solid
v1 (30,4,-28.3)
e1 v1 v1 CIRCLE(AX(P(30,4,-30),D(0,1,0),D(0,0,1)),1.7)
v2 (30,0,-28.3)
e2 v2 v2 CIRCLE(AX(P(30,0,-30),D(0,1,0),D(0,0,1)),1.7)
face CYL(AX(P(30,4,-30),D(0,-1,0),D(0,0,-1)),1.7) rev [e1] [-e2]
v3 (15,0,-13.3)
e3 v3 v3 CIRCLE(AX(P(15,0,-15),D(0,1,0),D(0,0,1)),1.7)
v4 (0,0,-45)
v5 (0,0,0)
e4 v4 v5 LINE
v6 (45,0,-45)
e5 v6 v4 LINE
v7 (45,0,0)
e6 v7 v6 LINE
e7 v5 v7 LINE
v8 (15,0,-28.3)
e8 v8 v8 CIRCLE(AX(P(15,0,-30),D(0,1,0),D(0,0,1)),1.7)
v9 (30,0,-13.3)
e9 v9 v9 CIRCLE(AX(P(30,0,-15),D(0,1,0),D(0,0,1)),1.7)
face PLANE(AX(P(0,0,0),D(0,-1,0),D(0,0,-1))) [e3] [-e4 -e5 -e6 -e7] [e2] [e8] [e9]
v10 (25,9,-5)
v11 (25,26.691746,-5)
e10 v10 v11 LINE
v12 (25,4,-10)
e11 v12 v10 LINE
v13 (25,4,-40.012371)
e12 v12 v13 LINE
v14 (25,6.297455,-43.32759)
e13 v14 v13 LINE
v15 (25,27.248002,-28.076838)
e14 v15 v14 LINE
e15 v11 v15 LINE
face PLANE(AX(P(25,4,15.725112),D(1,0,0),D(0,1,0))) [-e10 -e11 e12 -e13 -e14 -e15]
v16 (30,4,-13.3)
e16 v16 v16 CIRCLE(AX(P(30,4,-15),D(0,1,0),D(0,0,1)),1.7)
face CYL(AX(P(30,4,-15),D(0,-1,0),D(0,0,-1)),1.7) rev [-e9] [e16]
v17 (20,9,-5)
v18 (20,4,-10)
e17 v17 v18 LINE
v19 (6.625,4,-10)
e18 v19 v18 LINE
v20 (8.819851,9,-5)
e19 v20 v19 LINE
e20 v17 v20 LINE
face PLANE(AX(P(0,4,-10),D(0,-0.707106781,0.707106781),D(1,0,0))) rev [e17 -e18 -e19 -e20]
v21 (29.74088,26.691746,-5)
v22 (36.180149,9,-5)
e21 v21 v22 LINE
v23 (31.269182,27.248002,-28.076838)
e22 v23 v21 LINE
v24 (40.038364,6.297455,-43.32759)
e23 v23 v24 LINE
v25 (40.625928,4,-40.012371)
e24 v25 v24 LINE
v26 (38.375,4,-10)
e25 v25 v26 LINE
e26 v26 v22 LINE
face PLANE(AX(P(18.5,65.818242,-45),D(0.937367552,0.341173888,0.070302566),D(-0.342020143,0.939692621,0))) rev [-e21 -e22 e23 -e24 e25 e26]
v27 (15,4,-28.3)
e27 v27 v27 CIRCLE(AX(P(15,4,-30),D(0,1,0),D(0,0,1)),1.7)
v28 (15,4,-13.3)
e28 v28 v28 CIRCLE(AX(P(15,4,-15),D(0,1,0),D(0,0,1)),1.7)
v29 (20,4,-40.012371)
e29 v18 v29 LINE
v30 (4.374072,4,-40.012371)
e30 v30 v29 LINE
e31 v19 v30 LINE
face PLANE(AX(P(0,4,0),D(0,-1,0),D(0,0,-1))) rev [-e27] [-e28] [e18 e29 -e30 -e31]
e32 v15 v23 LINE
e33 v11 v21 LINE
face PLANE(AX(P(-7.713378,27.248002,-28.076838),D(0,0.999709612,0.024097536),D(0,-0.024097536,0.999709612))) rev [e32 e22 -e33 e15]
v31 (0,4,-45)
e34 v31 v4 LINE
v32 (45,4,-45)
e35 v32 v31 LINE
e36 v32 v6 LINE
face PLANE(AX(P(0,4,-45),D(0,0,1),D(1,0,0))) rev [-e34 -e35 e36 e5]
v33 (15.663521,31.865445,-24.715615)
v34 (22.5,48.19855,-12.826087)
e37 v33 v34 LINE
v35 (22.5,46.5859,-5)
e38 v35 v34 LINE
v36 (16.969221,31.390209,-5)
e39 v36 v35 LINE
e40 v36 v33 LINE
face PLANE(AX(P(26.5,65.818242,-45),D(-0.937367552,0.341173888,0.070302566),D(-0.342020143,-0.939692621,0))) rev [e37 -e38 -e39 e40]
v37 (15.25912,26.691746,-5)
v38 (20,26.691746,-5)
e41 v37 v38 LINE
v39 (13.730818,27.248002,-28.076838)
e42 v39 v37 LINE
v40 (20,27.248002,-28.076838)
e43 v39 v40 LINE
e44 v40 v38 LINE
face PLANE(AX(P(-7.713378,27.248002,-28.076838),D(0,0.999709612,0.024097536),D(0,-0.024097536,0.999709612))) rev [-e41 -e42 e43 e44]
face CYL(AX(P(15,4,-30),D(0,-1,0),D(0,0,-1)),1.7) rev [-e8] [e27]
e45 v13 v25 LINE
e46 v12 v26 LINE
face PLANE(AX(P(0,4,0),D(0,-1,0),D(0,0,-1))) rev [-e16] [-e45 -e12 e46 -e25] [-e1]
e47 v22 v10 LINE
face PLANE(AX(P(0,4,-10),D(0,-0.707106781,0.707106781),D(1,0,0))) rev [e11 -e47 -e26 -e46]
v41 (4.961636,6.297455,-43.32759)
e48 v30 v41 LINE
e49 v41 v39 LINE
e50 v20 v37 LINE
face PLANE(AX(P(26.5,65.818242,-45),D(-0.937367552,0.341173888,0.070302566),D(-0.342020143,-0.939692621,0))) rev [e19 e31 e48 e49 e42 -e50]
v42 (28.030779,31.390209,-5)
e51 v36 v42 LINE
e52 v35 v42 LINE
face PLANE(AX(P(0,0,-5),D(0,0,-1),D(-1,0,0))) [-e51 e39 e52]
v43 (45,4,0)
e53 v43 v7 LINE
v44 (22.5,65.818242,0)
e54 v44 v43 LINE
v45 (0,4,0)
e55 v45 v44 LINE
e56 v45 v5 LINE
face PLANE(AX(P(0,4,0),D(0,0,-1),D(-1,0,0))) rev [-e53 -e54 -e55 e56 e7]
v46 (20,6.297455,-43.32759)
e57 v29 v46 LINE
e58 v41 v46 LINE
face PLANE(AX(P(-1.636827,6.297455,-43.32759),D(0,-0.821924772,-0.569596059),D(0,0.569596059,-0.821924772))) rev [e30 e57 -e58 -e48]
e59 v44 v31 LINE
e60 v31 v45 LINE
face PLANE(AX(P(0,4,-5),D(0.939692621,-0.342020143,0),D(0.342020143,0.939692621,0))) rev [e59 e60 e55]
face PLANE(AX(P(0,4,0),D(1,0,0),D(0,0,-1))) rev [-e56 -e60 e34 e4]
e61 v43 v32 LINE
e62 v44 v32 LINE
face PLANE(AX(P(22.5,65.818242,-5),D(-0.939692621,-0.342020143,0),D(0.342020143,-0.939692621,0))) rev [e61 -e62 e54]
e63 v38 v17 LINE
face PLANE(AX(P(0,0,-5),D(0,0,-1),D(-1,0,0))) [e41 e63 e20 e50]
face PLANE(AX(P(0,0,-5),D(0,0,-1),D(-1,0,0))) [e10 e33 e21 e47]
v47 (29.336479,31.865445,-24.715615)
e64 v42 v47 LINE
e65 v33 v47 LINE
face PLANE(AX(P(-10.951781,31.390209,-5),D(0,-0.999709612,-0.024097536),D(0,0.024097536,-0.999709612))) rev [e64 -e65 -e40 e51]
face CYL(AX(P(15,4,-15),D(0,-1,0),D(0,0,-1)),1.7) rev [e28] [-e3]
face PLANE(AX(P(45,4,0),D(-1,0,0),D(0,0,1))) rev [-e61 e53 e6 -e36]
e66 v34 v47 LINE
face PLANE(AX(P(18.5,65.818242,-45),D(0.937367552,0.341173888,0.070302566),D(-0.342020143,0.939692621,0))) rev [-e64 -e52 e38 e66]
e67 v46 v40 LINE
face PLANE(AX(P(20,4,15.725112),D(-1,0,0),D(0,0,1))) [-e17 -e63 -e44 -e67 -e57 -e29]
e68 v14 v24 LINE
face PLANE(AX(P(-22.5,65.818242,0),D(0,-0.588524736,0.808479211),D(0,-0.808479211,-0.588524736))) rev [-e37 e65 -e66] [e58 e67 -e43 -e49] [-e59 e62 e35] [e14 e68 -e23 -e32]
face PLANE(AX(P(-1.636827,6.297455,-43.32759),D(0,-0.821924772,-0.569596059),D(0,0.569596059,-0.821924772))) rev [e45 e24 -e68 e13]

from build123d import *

# Parameters (mm, degrees)
SKETCH_1_W          = 45
SKETCH_1_H          = 45
SKETCH_1_R          = 1.7
EXTRUDE_1_DEPTH     = 4
EXTRUDE_2_DEPTH     = 5
EXTRUDE_3_DEPTH     = 65.785596942
EXTRUDE_4_DEPTH     = 65.785596942
CUT_EXTRUDE_1_DEPTH = 92.553486945
CUT_EXTRUDE_2_DEPTH = 85.512691631
EXTRUDE_9_REACH     = 86.713
CHAMFER_1_SIZE      = 5
EXTRUDE_10_REACH    = 86.713
EXTRUDE_11_REACH    = 88.671
SKETCH_13_W         = 5
SKETCH_13_H         = 28.755225939


with BuildPart() as part:
    # 草图1 → 凸台-拉伸1 (new body)
    with BuildSketch(Plane(origin=(0, 0, 0), x_dir=(1, 0, 0), z_dir=(0, 1, 0))):
        with Locations((22.5, 22.5)):
            Rectangle(SKETCH_1_W, SKETCH_1_H)
        with Locations(Location((15, 30, 0), (0, 0, 270))):
            Circle(SKETCH_1_R, mode=Mode.SUBTRACT)
        with Locations(Location((30, 30, 0), (0, 0, 270))):
            Circle(SKETCH_1_R, mode=Mode.SUBTRACT)
        with Locations(Location((15, 15, 0), (0, 0, 270))):
            Circle(SKETCH_1_R, mode=Mode.SUBTRACT)
        with Locations(Location((30, 15, 0), (0, 0, 270))):
            Circle(SKETCH_1_R, mode=Mode.SUBTRACT)
    extrude(amount=EXTRUDE_1_DEPTH)

    # 草图2 → 凸台-拉伸2 (add)
    with BuildSketch(Plane.XY):
        Polygon((0, 4), (22.5, 65.818241938), (45, 4), align=None)
    extrude(amount=-EXTRUDE_2_DEPTH)

    # 草图3 → 凸台-拉伸3 (add, along a direction that is not the sketch's normal)
    with BuildSketch(Plane(origin=(0, 4, 0), x_dir=(1, 0, 0), z_dir=(0, 1, 0))):
        Polygon((0, 5), (0, 45), (4, 45), (7, 5), align=None)
    extrude(amount=EXTRUDE_3_DEPTH, dir=(0.34202014332566566, 0.9396926207859095, 0))

    # 草图4 → 凸台-拉伸4 (add, along a direction that is not the sketch's normal)
    with BuildSketch(Plane(origin=(0, 4, 0), x_dir=(1, 0, 0), z_dir=(0, 1, 0))):
        Polygon((45, 45), (41, 45), (38, 5), (45, 5), align=None)
    extrude(amount=EXTRUDE_4_DEPTH, dir=(-0.3420201433256661, 0.9396926207859094, 0))

    # 草图5 → 切除-拉伸1 (cut, through all)
    with BuildSketch(Plane.XY):
        Polygon((22.5, 65.818241938), (19, 56.20207097), (11, 56.20207097), (11, 66.20207097), (34, 66.20207097), (34, 56.20207097), (26, 56.20207097), align=None)
    extrude(amount=-CUT_EXTRUDE_1_DEPTH, mode=Mode.SUBTRACT)

    # 草图6 → 切除-拉伸2 (cut, through all, along a direction that is not the sketch's normal)
    with BuildSketch(Plane(origin=(41.02157519, 14.930632332, 0), x_dir=(0, 0, -1), z_dir=(0.9396926207859093, 0.3420201433256662, 0))):
        Polygon((0, 54.153463037), (45, -11.632135967), (45, 54.153463037), align=None)
    extrude(amount=-CUT_EXTRUDE_2_DEPTH, dir=(1, 0, 0), mode=Mode.SUBTRACT)

    # 凸台-拉伸9: up to this plane
    extrude_9_end = Plane(origin=(26.5, 65.818241938, -45), z_dir=(-0.9373675520499937, 0.34117388751316935, 0.07030256640374952))
    # 草图8 → 凸台-拉伸9 (add, up to the surface)
    with BuildSketch(Plane(origin=(34.338725854, 12.498274094, 2.575404439), x_dir=(-0.06606280287191471, -0.024044893837572568, 0.9975257135317598), z_dir=(-0.9373675520499937, -0.34117388751316985, -0.07030256640374943)), mode=Mode.PRIVATE) as extrude_9_sk1:
        Polygon((-47.693411602, -10.264055393), (-46.016852855, -7.776255006), (-42.693411602, -10.136115185), align=None)
    extrude_9_tool1 = split(extrude(extrude_9_sk1.sketch, amount=EXTRUDE_9_REACH, dir=(-1, 0, 0), mode=Mode.PRIVATE), bisect_by=extrude_9_end, keep=Keep.BOTH, mode=Mode.PRIVATE)
    add(extrude_9_tool1.solids().sort_by_distance((40.554764, 4.765818, -42.779987))[0])

    # 倒角1
    chamfer_1_edges = [part.edges().sort_by_distance(p)[0] for p in [
        (22.5, 4, -5),
    ]]
    chamfer(chamfer_1_edges, length=CHAMFER_1_SIZE)

    # 凸台-拉伸10: up to this plane
    extrude_10_end = Plane(origin=(26.5, 65.818241938, -45), z_dir=(-0.9373675520499937, 0.34117388751316935, 0.07030256640374952))
    # 草图10 → 凸台-拉伸10 (add, up to the surface)
    with BuildSketch(Plane(origin=(34.338725854, 12.498274094, 2.575404439), x_dir=(-0.06606280287191474, -0.024044893837572537, 0.9975257135317598), z_dir=(-0.9373675520499936, -0.34117388751316985, -0.07030256640374943)), mode=Mode.PRIVATE) as extrude_10_sk1:
        Polygon((-27.358712809, 19.91005667), (-30.728273238, 14.91005667), (-7.594194652, 14.91005667), (-7.594194652, 19.91005667), align=None)
    extrude_10_tool1 = split(extrude(extrude_10_sk1.sketch, amount=EXTRUDE_10_REACH, dir=(-1, 0, 0), mode=Mode.PRIVATE), bisect_by=extrude_10_end, keep=Keep.BOTH, mode=Mode.PRIVATE)
    add(extrude_10_tool1.solids().sort_by_distance((29.618174, 29.237872, -15.720115))[0])

    # 凸台-拉伸11: up to this plane
    extrude_11_end = Plane(origin=(0, 0, -5), z_dir=(0, 0, -1))
    # 草图13 → 凸台-拉伸11 (add, up to the surface)
    with BuildSketch(Plane(origin=(0, 22.796896106, -31.316978642), x_dir=(-1, 0, 0), z_dir=(0, 0.5885247359201023, -0.8084792113654956)), mode=Mode.PRIVATE) as extrude_11_sk1:
        with Locations((-22.5, -8.872083302)):
            Rectangle(SKETCH_13_W, SKETCH_13_H)
    extrude_11_tool1 = split(extrude(extrude_11_sk1.sketch, amount=EXTRUDE_11_REACH, dir=(0, 0, 1), mode=Mode.PRIVATE), bisect_by=extrude_11_end, keep=Keep.BOTH, mode=Mode.PRIVATE)
    add(extrude_11_tool1.solids().sort_by_distance((22.5, 15.624001, -36.538419))[0])


solid = part.part
